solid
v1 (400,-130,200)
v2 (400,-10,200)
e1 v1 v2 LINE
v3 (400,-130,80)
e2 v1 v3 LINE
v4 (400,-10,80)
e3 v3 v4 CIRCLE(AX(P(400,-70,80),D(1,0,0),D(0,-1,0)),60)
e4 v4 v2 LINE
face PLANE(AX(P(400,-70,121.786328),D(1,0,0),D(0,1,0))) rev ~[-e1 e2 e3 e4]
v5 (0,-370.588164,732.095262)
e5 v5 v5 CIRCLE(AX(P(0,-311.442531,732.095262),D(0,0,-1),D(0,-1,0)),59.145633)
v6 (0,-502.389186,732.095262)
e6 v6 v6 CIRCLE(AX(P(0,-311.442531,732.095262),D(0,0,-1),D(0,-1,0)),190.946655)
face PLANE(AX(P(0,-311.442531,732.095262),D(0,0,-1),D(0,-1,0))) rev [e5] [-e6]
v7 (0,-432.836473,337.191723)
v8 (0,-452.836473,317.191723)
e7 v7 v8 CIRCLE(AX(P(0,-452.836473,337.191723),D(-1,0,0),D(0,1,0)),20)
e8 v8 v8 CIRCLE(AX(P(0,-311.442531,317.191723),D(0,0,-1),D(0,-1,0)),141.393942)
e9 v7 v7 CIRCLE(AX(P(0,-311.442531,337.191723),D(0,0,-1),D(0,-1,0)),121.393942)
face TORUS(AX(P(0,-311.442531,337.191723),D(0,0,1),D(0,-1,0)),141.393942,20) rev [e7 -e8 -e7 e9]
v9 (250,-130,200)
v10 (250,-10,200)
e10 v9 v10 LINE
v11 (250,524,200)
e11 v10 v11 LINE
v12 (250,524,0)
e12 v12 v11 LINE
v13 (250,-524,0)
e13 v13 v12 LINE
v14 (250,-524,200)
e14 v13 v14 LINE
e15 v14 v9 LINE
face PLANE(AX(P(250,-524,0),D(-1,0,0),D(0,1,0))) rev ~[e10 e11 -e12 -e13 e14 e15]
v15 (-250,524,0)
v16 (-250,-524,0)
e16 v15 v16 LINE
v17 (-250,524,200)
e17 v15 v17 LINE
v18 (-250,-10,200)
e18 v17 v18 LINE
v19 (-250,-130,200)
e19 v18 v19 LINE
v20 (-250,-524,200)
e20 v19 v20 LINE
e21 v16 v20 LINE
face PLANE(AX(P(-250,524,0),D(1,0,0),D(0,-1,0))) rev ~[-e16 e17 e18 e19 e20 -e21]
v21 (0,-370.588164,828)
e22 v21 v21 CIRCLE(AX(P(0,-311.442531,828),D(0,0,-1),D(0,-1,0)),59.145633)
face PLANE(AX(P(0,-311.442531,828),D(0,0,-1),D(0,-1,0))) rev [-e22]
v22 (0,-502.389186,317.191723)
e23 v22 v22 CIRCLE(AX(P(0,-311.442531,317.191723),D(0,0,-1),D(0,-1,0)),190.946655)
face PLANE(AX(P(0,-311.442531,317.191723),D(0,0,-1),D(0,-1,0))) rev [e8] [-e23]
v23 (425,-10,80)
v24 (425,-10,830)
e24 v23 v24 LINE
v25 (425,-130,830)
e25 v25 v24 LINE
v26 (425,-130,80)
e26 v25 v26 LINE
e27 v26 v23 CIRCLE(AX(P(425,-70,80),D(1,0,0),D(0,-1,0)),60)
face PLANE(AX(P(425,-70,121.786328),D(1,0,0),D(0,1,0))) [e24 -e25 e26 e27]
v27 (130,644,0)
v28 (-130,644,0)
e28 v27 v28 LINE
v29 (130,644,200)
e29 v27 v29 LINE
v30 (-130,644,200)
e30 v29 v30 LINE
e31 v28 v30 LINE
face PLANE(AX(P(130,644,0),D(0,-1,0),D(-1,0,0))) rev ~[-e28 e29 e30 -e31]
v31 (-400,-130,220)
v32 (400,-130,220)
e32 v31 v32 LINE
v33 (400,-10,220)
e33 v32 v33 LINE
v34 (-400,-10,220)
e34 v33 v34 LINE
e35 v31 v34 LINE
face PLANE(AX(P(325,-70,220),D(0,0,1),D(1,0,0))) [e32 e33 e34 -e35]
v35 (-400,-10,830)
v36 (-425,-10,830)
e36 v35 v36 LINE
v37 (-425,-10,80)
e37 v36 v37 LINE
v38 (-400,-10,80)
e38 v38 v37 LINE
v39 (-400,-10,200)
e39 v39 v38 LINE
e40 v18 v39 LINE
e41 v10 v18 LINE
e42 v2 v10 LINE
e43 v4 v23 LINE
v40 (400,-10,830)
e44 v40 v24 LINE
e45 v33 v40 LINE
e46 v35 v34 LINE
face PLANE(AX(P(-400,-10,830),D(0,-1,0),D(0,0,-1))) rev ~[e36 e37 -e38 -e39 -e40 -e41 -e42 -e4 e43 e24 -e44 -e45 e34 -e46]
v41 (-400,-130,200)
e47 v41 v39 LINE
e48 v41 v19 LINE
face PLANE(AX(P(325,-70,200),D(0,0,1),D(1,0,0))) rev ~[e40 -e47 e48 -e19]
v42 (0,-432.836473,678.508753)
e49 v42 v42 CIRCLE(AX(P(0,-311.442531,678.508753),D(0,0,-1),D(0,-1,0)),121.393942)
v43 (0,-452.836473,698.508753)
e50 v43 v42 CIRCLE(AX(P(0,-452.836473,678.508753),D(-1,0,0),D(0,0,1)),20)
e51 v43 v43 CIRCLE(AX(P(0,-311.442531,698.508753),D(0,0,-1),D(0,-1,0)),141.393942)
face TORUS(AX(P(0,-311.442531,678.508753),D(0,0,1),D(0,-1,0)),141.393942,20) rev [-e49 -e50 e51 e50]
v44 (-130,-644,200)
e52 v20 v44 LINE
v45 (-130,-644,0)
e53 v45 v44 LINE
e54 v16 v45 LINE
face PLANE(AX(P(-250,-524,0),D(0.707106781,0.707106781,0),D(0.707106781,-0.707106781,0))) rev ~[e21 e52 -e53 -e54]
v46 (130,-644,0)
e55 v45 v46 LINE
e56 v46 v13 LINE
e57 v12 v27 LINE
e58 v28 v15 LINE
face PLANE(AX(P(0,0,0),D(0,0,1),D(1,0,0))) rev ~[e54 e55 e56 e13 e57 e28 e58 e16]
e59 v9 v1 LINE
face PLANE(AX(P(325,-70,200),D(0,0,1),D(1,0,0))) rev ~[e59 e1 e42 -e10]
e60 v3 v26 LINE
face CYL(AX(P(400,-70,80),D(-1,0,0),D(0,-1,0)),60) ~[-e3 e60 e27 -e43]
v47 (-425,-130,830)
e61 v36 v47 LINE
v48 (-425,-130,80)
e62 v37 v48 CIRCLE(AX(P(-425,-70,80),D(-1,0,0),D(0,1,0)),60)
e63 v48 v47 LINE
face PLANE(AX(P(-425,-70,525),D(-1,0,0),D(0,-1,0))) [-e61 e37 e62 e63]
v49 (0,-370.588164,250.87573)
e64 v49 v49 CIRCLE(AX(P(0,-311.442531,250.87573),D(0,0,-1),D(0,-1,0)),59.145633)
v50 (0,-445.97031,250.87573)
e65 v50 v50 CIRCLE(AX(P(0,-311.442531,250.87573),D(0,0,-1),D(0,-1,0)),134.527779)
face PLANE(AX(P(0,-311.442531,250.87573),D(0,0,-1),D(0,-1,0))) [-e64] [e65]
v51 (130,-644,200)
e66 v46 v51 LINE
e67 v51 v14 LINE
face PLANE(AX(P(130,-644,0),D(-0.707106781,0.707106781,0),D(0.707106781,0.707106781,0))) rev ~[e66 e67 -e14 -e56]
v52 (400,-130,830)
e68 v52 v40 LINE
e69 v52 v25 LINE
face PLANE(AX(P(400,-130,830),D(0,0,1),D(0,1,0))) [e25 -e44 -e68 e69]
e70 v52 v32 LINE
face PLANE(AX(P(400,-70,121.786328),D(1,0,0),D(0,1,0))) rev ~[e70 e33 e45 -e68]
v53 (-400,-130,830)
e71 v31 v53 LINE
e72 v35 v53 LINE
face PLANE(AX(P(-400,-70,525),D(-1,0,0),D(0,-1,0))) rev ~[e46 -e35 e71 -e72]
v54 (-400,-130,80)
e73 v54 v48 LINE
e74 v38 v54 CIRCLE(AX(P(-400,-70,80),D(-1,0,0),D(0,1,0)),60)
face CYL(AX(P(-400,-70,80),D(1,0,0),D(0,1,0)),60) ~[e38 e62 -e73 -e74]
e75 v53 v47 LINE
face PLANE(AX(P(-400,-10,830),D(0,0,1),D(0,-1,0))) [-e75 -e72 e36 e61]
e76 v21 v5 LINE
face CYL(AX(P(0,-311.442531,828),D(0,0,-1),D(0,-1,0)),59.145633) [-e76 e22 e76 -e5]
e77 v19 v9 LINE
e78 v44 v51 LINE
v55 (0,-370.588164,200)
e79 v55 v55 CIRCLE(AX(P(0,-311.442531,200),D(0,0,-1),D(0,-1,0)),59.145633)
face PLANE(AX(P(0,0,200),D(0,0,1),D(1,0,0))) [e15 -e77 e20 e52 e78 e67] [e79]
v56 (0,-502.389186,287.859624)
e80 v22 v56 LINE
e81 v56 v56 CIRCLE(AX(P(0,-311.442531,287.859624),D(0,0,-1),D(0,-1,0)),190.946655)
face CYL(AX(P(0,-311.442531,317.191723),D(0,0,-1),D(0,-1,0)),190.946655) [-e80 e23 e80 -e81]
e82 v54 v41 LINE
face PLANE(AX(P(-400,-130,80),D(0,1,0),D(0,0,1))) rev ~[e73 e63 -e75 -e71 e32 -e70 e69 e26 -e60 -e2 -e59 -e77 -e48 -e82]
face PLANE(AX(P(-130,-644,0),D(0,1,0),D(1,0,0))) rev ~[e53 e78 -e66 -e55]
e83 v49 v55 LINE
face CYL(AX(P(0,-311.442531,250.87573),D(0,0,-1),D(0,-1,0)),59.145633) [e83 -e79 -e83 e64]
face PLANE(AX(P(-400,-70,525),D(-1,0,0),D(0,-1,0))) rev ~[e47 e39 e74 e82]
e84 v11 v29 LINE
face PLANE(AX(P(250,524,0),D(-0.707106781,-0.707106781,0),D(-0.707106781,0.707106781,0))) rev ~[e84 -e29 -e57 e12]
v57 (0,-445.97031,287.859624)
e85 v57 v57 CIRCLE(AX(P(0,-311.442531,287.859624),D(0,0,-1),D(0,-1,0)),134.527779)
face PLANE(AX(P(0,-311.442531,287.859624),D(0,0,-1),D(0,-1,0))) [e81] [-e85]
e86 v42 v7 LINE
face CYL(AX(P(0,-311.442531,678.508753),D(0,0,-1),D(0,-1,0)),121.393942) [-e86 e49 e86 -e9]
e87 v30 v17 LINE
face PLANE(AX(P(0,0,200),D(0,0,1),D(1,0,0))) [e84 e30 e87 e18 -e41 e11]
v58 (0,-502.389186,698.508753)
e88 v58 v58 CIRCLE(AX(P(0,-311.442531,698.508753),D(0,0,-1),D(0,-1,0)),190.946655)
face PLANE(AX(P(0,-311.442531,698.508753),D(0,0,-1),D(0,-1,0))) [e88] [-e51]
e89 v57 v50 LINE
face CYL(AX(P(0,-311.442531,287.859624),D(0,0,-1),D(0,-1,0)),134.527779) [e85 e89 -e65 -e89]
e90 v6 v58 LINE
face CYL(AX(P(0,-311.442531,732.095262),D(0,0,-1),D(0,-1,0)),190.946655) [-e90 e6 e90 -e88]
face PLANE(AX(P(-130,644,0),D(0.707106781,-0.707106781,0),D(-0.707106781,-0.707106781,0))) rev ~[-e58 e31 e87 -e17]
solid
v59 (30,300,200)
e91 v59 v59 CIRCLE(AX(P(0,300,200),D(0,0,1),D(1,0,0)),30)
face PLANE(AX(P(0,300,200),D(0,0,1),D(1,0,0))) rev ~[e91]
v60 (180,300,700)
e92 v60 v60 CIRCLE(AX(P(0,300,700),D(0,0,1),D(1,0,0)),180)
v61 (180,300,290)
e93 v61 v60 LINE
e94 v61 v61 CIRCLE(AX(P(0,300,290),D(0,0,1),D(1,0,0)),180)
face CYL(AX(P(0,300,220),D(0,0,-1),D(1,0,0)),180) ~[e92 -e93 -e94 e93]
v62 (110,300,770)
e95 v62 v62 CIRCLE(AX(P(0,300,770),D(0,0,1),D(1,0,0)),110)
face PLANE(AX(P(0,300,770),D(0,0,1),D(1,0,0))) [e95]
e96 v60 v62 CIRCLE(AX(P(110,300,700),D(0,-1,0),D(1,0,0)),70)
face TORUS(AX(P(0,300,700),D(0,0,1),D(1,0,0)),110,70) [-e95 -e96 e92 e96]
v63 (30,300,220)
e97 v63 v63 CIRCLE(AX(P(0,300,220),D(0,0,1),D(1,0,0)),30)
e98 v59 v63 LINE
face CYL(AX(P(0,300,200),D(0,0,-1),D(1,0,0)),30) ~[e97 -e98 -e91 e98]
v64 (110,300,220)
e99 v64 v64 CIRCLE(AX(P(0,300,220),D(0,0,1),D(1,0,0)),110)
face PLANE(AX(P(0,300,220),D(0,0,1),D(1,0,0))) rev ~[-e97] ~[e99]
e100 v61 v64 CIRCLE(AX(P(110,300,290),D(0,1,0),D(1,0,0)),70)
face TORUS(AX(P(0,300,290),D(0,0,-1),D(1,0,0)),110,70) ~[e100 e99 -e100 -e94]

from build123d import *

# Parameters (mm, degrees)
F1_DEPTH  = 200
F2_R      = 30
F3_DEPTH  = 20
F4_R      = 180
F4_R_2    = 30
F5_DEPTH  = 550
F6_R      = 70
F9_W      = 150
F9_H      = 120
F9_W_2    = 500
F10_DEPTH = 20
F11_W     = 120
F11_H     = 610
F11_H_2   = 20
F12_DEPTH = 25
F13_W     = 120
F13_H     = 610
F13_H_2   = 20
F14_DEPTH = 25


with BuildPart() as f1:
    # F0 (on Top) → F1 (new body)
    with BuildSketch(Plane.XY):
        Polygon((130, 644), (-130, 644), (-250, 524), (-250, -524), (-130, -644), (130, -644), (250, -524), (250, 524), align=None)
    extrude(amount=F1_DEPTH)

    # F7 (on Right) → F8 (revolve)
    with BuildSketch(Plane.YZ):
        with BuildLine():
            Line((-311.4425307695, 180.1090220129), (-311.4425307695, 828))
            Line((-311.4425307695, 828), (-370.5881640514, 828))
            Line((-370.5881640514, 828), (-370.5881640514, 732.095262214))
            Line((-370.5881640514, 732.095262214), (-454.7894506796, 732.095262214))
            Line((-454.7894506796, 732.095262214), (-502.3891860064, 732.095262214))
            Line((-502.3891860064, 732.095262214), (-502.3891860064, 698.5087530038))
            Line((-502.3891860064, 698.5087530038), (-452.8364729815, 698.5087530038))
            ThreePointArc((-452.8364729815, 698.5087530038), (-438.6943373577, 692.6508886275), (-432.8364729815, 678.5087530038))
            Line((-432.8364729815, 678.5087530038), (-432.8364729814, 337.1917229872))
            ThreePointArc((-432.8364729814, 337.1917229872), (-438.6943373577, 323.0495873634), (-452.8364729814, 317.1917229872))
            Line((-452.8364729814, 317.1917229872), (-502.3891860064, 317.1917229872))
            Line((-502.3891860064, 317.1917229872), (-502.3891860064, 287.8596244668))
            Line((-502.3891860064, 287.8596244668), (-445.9703099532, 287.8596244668))
            Line((-445.9703099532, 287.8596244668), (-445.9703099532, 250.8757300317))
            Line((-445.9703099532, 250.8757300317), (-370.5881640514, 250.8757300317))
            Line((-370.5881640514, 250.8757300317), (-370.5881640514, 175.6325582598))
            Line((-370.5881640514, 175.6325582598), (-311.4425307695, 180.1090220129))
        make_face()
    revolve(axis=Axis((0, -311.4425307695, 504.0545110064), (0, 0, -1)))

    # F9 (on face) → F10 (join)
    with BuildSketch(Plane.XY.offset(200)):
        with Locations((325, -70)):
            Rectangle(F9_W, F9_H)
        with Locations((0, -70)):
            Rectangle(F9_W_2, F9_H)
        with Locations((-325, -70)):
            Rectangle(F9_W, F9_H)
    extrude(amount=F10_DEPTH)

    # F11 (on face) → F12 (join)
    with BuildSketch(Plane.YZ.offset(400)):
        with BuildLine():
            Line((-10, 80), (-10, 200))
            Line((-10, 200), (-130, 200))
            Line((-130, 200), (-130, 80))
            ThreePointArc((-130, 80), (-112.4264068712, 37.5735931288), (-70, 20))
            ThreePointArc((-70, 20), (-27.5735931288, 37.5735931288), (-10, 80))
        make_face()
        with Locations((-70, 525)):
            Rectangle(F11_W, F11_H)
        with Locations((-70, 210)):
            Rectangle(F11_W, F11_H_2)
    extrude(amount=F12_DEPTH)

    # F13 (on face) → F14 (join)
    with BuildSketch(Plane(origin=(-400, 0, 0), x_dir=(0, -1, 0), z_dir=(-1, 0, 0))):
        with Locations((70, 525)):
            Rectangle(F13_W, F13_H)
        with BuildLine():
            Line((130, 200), (10, 200))
            Line((10, 200), (10, 80))
            ThreePointArc((10, 80), (27.5735931288, 37.5735931288), (70, 20))
            ThreePointArc((70, 20), (112.4264068712, 37.5735931288), (130, 80))
            Line((130, 80), (130, 200))
        make_face()
        with Locations((70, 210)):
            Rectangle(F13_W, F13_H_2)
    extrude(amount=F14_DEPTH)


with BuildPart() as f3:
    # F2 (on face) → F3 (new body)
    with BuildSketch(Plane.XY.offset(200)):
        with Locations((0, 300)):
            Circle(F2_R)
    extrude(amount=F3_DEPTH)

    # F4 (on face) → F5 (join)
    with BuildSketch(Plane.XY.offset(220)):
        with Locations((0, 300)):
            Circle(F4_R)
        with Locations((0, 300)):
            Circle(F4_R_2, mode=Mode.SUBTRACT)
        with Locations((0, 300)):
            Circle(F4_R_2)
    extrude(amount=F5_DEPTH)

    # F6
    f6_edges = [f3.edges().sort_by_distance(p)[0] for p in [
        (-180, 300, 770),
        (-180, 300, 220),
    ]]
    fillet(f6_edges, radius=F6_R)


solid = Compound([f1.part, f3.part])
